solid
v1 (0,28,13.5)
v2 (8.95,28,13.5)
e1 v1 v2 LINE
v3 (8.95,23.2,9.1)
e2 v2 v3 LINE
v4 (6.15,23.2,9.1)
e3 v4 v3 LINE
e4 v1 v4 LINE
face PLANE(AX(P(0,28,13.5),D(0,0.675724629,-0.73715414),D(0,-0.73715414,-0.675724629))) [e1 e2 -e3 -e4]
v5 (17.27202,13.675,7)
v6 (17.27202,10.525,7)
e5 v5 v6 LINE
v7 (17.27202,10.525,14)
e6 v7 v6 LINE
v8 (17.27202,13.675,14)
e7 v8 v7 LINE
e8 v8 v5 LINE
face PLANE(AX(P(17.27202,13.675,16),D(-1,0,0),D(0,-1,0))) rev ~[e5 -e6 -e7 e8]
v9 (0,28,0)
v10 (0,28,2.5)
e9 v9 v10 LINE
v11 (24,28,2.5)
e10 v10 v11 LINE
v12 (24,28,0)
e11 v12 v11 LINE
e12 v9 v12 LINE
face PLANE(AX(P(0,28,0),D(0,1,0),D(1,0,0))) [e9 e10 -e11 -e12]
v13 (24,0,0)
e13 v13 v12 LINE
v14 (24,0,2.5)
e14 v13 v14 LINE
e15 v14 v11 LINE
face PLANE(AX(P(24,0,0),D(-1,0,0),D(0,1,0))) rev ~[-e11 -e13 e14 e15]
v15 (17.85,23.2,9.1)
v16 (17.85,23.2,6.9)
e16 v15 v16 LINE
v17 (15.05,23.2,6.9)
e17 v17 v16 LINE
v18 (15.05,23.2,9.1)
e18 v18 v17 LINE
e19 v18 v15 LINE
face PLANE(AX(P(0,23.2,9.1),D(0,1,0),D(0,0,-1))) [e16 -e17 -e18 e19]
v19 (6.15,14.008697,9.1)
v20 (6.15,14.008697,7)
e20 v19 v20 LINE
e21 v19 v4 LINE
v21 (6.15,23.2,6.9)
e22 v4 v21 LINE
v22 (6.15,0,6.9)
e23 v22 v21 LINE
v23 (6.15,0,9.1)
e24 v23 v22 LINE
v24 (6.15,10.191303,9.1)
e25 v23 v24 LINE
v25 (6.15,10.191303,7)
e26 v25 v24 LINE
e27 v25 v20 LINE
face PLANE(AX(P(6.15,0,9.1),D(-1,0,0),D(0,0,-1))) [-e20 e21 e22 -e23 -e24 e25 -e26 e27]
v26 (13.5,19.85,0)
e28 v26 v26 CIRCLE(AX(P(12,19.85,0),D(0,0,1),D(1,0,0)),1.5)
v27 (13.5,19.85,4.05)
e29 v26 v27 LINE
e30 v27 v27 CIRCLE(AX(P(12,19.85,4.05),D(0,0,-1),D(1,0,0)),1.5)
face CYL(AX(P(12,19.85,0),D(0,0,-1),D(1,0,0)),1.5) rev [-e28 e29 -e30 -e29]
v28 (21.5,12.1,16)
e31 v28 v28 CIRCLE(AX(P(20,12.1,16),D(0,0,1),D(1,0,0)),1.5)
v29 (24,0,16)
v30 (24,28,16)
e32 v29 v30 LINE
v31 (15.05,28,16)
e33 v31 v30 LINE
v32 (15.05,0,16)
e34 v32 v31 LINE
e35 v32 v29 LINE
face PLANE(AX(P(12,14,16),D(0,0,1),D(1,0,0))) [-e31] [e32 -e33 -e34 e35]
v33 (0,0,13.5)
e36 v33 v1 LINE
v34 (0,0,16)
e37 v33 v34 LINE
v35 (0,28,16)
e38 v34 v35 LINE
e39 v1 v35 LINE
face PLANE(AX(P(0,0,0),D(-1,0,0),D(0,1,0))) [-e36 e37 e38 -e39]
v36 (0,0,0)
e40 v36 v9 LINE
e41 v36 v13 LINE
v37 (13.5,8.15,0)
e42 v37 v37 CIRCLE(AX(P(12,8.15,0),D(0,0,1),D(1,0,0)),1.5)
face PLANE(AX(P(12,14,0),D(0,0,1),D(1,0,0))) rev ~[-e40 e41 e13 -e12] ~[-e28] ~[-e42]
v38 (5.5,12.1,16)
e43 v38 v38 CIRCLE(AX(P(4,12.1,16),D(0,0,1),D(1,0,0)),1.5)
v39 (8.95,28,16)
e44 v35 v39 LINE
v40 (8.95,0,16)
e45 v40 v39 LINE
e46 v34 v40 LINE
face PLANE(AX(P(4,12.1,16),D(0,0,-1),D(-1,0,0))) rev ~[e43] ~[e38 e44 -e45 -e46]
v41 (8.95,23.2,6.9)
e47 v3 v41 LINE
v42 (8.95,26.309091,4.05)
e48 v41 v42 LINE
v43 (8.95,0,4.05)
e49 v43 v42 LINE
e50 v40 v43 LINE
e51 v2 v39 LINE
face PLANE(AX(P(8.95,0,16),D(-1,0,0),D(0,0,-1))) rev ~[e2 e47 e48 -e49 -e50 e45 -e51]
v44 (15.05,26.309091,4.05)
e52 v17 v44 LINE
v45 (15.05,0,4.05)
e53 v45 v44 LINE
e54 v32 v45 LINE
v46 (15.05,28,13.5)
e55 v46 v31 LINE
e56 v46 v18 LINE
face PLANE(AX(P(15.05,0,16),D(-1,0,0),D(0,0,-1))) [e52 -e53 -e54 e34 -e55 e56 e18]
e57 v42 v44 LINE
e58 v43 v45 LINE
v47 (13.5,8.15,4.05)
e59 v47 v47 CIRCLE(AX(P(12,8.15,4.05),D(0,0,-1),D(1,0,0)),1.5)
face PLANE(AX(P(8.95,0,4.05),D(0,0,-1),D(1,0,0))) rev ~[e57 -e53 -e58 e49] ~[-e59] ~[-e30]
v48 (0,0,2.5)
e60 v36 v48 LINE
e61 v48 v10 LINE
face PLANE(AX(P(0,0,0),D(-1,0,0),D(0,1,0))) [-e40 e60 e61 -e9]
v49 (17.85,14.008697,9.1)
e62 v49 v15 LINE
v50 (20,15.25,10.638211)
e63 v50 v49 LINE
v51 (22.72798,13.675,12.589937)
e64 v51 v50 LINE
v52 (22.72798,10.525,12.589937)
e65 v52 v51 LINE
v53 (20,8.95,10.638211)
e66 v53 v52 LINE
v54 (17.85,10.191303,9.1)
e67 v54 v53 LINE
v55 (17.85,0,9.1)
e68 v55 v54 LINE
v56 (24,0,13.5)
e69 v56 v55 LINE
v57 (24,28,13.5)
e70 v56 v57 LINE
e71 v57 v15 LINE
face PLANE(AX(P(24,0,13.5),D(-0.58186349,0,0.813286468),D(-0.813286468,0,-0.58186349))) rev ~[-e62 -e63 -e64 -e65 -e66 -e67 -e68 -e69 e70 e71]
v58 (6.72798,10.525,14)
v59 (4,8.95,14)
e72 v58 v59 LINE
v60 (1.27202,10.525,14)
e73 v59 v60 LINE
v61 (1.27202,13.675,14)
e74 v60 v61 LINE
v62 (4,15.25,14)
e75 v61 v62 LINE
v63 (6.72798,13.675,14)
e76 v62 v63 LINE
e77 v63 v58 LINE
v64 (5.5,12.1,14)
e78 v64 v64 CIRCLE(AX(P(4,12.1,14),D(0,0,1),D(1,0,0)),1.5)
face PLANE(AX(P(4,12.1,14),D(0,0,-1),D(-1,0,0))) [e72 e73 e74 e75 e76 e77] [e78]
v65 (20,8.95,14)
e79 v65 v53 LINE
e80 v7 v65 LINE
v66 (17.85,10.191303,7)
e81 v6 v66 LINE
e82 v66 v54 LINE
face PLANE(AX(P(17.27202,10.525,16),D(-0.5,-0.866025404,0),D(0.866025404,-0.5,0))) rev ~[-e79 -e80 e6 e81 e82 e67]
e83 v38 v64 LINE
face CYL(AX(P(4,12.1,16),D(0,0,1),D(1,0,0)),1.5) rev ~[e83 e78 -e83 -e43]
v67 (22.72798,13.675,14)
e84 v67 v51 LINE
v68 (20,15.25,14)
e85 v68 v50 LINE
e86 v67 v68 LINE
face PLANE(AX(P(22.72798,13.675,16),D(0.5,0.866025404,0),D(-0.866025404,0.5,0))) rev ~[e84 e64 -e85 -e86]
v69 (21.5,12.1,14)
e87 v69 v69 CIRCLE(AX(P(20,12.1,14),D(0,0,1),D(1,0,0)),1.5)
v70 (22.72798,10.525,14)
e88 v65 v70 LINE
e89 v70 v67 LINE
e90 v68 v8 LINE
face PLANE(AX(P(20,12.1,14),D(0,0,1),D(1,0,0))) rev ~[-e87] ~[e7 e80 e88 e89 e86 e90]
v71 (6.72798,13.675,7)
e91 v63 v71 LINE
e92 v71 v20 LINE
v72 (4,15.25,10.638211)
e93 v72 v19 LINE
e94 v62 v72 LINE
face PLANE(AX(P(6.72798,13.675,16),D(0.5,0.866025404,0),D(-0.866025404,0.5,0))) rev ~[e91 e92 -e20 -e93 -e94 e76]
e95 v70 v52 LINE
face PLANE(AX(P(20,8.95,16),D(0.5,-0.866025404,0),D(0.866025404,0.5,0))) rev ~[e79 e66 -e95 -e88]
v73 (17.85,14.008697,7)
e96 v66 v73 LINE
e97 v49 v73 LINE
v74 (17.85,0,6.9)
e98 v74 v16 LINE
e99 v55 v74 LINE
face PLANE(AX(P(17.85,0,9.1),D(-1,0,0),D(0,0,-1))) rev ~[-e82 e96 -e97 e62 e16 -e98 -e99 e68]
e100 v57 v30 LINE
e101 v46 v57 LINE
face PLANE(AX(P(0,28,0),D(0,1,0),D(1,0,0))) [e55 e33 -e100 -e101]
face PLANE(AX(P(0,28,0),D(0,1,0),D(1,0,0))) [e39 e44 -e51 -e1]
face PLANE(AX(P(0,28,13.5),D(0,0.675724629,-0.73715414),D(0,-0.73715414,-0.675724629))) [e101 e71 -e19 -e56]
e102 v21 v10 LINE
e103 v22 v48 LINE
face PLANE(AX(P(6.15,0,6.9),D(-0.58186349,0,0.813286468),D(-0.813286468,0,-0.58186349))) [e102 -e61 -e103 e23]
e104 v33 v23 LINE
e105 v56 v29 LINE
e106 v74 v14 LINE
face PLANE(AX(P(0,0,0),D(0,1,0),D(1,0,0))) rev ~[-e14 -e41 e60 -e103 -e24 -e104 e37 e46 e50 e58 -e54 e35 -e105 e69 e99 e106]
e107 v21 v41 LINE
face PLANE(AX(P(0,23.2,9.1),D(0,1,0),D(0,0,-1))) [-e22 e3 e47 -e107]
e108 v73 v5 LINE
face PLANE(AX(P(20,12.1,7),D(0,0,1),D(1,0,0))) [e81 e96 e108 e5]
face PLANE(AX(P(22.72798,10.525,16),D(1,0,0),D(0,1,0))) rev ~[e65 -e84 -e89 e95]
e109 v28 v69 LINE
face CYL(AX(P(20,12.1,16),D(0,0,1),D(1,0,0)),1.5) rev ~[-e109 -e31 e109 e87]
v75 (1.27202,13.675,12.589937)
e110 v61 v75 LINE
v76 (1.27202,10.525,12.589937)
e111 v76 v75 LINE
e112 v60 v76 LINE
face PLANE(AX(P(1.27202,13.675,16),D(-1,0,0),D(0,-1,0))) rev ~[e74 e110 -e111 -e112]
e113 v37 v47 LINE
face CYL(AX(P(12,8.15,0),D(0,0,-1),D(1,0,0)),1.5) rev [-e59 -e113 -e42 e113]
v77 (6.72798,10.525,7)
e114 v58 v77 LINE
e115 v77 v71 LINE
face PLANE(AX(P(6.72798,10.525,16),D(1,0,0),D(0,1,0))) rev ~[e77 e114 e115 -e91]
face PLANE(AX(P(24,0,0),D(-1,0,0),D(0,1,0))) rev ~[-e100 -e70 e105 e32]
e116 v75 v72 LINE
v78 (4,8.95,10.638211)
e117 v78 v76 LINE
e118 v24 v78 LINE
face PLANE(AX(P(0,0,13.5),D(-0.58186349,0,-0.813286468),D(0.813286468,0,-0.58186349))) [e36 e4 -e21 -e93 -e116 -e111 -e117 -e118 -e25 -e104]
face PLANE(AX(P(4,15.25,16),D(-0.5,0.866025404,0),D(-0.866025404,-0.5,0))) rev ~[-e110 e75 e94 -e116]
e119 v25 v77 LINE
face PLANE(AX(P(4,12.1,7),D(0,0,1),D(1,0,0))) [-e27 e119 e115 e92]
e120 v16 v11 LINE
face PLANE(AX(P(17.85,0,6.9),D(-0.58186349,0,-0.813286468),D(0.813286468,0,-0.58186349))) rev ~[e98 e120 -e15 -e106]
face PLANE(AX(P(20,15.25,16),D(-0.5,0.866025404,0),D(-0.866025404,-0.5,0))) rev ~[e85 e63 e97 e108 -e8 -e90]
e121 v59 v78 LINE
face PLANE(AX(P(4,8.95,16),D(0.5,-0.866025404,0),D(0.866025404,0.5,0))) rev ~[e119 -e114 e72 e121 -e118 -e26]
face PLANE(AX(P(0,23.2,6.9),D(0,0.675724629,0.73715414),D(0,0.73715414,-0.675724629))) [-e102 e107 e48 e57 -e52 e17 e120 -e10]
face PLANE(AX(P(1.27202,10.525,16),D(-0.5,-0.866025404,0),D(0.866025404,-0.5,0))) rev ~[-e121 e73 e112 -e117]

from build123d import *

# Parameters (mm, degrees)
ESBO_O1_W                = 24
ESBO_O1_H                = 28
ESBO_O1_R                = 1.5
RESSALTO_EXTRUS_O1_DEPTH = 16
ESBO_O2_W                = 6.1
ESBO_O2_H                = 11.95
CORTE_EXTRUS_O1_DEPTH    = 41.199502484
CORTE_EXTRUS_O3_DEPTH    = 41.199502484
ESBO_O4_R                = 1.5
CORTE_EXTRUS_O4_DEPTH    = 7
CORTE_EXTRUS_O5_DEPTH    = 9
ESBO_O6_R                = 1.5
RESSALTO_EXTRUS_O2_DEPTH = 2


with BuildPart() as part:
    # Esboço1 → Ressalto-extrusão1 (new body)
    with BuildSketch(Plane.XY):
        with Locations((12, 14)):
            Rectangle(ESBO_O1_W, ESBO_O1_H)
        with Locations((12, 19.85)):
            Circle(ESBO_O1_R, mode=Mode.SUBTRACT)
        with Locations((12, 8.15)):
            Circle(ESBO_O1_R, mode=Mode.SUBTRACT)
    extrude(amount=RESSALTO_EXTRUS_O1_DEPTH)

    # Esboço2 → Corte-extrusão1 (cut, through all)
    with BuildSketch(Plane(origin=(0, 0, 0), x_dir=(1, 0, 0), z_dir=(0, 1, 0))):
        with Locations((12, -10.025)):
            Rectangle(ESBO_O2_W, ESBO_O2_H)
        Polygon((0, -13.5), (6.15, -9.1), (6.15, -6.9), (0, -2.5), align=None)
        Polygon((17.85, -6.9), (24, -2.5), (24, -13.5), (17.85, -9.1), align=None)
    extrude(amount=CORTE_EXTRUS_O1_DEPTH, mode=Mode.SUBTRACT)

    # Esboço3 → Corte-extrusão3 (cut, through all)
    with BuildSketch(Plane(origin=(0, 0, 0), x_dir=(0, 0, -1), z_dir=(1, 0, 0))):
        Polygon((-13.5, 28), (-9.1, 23.2), (-6.9, 23.2), (-2.5, 28), align=None)
    extrude(amount=CORTE_EXTRUS_O3_DEPTH, mode=Mode.SUBTRACT)

    # Esboço4 → Corte-extrusão4 (cut)
    with BuildSketch(Plane.XY.offset(16)):
        with Locations((4, 12.1)):
            Circle(ESBO_O4_R)
        with Locations((20, 12.1)):
            Circle(ESBO_O4_R)
    extrude(amount=-CORTE_EXTRUS_O4_DEPTH, mode=Mode.SUBTRACT)

    # Esboço5 → Corte-extrusão5 (cut)
    with BuildSketch(Plane.XY.offset(16)):
        Polygon((4, 8.95), (6.727980022, 10.525), (6.727980022, 13.675), (4, 15.25), (1.272019978, 13.675), (1.272019978, 10.525), align=None)
        Polygon((20, 8.95), (22.727980022, 10.525), (22.727980022, 13.675), (20, 15.25), (17.272019978, 13.675), (17.272019978, 10.525), align=None)
    extrude(amount=-CORTE_EXTRUS_O5_DEPTH, mode=Mode.SUBTRACT)

    # Esboço6 → Ressalto-extrusão2 (add)
    # profile 1 of 2: a face of its own
    with BuildSketch(Plane.XY.offset(16)):
        Polygon((6.727980022, 10.525), (4, 8.95), (1.272019978, 10.525), (1.272019978, 13.675), (4, 15.25), (6.727980022, 13.675), align=None)
        with Locations((4, 12.1)):
            Circle(ESBO_O6_R, mode=Mode.SUBTRACT)
    # profile 2 of 2: a face of its own
    with BuildSketch(Plane.XY.offset(16)):
        Polygon((17.272019978, 13.675), (17.272019978, 10.525), (20, 8.95), (22.727980022, 10.525), (22.727980022, 13.675), (20, 15.25), align=None)
        with Locations((20, 12.1)):
            Circle(ESBO_O6_R, mode=Mode.SUBTRACT)
    extrude(amount=-RESSALTO_EXTRUS_O2_DEPTH)


solid = part.part
